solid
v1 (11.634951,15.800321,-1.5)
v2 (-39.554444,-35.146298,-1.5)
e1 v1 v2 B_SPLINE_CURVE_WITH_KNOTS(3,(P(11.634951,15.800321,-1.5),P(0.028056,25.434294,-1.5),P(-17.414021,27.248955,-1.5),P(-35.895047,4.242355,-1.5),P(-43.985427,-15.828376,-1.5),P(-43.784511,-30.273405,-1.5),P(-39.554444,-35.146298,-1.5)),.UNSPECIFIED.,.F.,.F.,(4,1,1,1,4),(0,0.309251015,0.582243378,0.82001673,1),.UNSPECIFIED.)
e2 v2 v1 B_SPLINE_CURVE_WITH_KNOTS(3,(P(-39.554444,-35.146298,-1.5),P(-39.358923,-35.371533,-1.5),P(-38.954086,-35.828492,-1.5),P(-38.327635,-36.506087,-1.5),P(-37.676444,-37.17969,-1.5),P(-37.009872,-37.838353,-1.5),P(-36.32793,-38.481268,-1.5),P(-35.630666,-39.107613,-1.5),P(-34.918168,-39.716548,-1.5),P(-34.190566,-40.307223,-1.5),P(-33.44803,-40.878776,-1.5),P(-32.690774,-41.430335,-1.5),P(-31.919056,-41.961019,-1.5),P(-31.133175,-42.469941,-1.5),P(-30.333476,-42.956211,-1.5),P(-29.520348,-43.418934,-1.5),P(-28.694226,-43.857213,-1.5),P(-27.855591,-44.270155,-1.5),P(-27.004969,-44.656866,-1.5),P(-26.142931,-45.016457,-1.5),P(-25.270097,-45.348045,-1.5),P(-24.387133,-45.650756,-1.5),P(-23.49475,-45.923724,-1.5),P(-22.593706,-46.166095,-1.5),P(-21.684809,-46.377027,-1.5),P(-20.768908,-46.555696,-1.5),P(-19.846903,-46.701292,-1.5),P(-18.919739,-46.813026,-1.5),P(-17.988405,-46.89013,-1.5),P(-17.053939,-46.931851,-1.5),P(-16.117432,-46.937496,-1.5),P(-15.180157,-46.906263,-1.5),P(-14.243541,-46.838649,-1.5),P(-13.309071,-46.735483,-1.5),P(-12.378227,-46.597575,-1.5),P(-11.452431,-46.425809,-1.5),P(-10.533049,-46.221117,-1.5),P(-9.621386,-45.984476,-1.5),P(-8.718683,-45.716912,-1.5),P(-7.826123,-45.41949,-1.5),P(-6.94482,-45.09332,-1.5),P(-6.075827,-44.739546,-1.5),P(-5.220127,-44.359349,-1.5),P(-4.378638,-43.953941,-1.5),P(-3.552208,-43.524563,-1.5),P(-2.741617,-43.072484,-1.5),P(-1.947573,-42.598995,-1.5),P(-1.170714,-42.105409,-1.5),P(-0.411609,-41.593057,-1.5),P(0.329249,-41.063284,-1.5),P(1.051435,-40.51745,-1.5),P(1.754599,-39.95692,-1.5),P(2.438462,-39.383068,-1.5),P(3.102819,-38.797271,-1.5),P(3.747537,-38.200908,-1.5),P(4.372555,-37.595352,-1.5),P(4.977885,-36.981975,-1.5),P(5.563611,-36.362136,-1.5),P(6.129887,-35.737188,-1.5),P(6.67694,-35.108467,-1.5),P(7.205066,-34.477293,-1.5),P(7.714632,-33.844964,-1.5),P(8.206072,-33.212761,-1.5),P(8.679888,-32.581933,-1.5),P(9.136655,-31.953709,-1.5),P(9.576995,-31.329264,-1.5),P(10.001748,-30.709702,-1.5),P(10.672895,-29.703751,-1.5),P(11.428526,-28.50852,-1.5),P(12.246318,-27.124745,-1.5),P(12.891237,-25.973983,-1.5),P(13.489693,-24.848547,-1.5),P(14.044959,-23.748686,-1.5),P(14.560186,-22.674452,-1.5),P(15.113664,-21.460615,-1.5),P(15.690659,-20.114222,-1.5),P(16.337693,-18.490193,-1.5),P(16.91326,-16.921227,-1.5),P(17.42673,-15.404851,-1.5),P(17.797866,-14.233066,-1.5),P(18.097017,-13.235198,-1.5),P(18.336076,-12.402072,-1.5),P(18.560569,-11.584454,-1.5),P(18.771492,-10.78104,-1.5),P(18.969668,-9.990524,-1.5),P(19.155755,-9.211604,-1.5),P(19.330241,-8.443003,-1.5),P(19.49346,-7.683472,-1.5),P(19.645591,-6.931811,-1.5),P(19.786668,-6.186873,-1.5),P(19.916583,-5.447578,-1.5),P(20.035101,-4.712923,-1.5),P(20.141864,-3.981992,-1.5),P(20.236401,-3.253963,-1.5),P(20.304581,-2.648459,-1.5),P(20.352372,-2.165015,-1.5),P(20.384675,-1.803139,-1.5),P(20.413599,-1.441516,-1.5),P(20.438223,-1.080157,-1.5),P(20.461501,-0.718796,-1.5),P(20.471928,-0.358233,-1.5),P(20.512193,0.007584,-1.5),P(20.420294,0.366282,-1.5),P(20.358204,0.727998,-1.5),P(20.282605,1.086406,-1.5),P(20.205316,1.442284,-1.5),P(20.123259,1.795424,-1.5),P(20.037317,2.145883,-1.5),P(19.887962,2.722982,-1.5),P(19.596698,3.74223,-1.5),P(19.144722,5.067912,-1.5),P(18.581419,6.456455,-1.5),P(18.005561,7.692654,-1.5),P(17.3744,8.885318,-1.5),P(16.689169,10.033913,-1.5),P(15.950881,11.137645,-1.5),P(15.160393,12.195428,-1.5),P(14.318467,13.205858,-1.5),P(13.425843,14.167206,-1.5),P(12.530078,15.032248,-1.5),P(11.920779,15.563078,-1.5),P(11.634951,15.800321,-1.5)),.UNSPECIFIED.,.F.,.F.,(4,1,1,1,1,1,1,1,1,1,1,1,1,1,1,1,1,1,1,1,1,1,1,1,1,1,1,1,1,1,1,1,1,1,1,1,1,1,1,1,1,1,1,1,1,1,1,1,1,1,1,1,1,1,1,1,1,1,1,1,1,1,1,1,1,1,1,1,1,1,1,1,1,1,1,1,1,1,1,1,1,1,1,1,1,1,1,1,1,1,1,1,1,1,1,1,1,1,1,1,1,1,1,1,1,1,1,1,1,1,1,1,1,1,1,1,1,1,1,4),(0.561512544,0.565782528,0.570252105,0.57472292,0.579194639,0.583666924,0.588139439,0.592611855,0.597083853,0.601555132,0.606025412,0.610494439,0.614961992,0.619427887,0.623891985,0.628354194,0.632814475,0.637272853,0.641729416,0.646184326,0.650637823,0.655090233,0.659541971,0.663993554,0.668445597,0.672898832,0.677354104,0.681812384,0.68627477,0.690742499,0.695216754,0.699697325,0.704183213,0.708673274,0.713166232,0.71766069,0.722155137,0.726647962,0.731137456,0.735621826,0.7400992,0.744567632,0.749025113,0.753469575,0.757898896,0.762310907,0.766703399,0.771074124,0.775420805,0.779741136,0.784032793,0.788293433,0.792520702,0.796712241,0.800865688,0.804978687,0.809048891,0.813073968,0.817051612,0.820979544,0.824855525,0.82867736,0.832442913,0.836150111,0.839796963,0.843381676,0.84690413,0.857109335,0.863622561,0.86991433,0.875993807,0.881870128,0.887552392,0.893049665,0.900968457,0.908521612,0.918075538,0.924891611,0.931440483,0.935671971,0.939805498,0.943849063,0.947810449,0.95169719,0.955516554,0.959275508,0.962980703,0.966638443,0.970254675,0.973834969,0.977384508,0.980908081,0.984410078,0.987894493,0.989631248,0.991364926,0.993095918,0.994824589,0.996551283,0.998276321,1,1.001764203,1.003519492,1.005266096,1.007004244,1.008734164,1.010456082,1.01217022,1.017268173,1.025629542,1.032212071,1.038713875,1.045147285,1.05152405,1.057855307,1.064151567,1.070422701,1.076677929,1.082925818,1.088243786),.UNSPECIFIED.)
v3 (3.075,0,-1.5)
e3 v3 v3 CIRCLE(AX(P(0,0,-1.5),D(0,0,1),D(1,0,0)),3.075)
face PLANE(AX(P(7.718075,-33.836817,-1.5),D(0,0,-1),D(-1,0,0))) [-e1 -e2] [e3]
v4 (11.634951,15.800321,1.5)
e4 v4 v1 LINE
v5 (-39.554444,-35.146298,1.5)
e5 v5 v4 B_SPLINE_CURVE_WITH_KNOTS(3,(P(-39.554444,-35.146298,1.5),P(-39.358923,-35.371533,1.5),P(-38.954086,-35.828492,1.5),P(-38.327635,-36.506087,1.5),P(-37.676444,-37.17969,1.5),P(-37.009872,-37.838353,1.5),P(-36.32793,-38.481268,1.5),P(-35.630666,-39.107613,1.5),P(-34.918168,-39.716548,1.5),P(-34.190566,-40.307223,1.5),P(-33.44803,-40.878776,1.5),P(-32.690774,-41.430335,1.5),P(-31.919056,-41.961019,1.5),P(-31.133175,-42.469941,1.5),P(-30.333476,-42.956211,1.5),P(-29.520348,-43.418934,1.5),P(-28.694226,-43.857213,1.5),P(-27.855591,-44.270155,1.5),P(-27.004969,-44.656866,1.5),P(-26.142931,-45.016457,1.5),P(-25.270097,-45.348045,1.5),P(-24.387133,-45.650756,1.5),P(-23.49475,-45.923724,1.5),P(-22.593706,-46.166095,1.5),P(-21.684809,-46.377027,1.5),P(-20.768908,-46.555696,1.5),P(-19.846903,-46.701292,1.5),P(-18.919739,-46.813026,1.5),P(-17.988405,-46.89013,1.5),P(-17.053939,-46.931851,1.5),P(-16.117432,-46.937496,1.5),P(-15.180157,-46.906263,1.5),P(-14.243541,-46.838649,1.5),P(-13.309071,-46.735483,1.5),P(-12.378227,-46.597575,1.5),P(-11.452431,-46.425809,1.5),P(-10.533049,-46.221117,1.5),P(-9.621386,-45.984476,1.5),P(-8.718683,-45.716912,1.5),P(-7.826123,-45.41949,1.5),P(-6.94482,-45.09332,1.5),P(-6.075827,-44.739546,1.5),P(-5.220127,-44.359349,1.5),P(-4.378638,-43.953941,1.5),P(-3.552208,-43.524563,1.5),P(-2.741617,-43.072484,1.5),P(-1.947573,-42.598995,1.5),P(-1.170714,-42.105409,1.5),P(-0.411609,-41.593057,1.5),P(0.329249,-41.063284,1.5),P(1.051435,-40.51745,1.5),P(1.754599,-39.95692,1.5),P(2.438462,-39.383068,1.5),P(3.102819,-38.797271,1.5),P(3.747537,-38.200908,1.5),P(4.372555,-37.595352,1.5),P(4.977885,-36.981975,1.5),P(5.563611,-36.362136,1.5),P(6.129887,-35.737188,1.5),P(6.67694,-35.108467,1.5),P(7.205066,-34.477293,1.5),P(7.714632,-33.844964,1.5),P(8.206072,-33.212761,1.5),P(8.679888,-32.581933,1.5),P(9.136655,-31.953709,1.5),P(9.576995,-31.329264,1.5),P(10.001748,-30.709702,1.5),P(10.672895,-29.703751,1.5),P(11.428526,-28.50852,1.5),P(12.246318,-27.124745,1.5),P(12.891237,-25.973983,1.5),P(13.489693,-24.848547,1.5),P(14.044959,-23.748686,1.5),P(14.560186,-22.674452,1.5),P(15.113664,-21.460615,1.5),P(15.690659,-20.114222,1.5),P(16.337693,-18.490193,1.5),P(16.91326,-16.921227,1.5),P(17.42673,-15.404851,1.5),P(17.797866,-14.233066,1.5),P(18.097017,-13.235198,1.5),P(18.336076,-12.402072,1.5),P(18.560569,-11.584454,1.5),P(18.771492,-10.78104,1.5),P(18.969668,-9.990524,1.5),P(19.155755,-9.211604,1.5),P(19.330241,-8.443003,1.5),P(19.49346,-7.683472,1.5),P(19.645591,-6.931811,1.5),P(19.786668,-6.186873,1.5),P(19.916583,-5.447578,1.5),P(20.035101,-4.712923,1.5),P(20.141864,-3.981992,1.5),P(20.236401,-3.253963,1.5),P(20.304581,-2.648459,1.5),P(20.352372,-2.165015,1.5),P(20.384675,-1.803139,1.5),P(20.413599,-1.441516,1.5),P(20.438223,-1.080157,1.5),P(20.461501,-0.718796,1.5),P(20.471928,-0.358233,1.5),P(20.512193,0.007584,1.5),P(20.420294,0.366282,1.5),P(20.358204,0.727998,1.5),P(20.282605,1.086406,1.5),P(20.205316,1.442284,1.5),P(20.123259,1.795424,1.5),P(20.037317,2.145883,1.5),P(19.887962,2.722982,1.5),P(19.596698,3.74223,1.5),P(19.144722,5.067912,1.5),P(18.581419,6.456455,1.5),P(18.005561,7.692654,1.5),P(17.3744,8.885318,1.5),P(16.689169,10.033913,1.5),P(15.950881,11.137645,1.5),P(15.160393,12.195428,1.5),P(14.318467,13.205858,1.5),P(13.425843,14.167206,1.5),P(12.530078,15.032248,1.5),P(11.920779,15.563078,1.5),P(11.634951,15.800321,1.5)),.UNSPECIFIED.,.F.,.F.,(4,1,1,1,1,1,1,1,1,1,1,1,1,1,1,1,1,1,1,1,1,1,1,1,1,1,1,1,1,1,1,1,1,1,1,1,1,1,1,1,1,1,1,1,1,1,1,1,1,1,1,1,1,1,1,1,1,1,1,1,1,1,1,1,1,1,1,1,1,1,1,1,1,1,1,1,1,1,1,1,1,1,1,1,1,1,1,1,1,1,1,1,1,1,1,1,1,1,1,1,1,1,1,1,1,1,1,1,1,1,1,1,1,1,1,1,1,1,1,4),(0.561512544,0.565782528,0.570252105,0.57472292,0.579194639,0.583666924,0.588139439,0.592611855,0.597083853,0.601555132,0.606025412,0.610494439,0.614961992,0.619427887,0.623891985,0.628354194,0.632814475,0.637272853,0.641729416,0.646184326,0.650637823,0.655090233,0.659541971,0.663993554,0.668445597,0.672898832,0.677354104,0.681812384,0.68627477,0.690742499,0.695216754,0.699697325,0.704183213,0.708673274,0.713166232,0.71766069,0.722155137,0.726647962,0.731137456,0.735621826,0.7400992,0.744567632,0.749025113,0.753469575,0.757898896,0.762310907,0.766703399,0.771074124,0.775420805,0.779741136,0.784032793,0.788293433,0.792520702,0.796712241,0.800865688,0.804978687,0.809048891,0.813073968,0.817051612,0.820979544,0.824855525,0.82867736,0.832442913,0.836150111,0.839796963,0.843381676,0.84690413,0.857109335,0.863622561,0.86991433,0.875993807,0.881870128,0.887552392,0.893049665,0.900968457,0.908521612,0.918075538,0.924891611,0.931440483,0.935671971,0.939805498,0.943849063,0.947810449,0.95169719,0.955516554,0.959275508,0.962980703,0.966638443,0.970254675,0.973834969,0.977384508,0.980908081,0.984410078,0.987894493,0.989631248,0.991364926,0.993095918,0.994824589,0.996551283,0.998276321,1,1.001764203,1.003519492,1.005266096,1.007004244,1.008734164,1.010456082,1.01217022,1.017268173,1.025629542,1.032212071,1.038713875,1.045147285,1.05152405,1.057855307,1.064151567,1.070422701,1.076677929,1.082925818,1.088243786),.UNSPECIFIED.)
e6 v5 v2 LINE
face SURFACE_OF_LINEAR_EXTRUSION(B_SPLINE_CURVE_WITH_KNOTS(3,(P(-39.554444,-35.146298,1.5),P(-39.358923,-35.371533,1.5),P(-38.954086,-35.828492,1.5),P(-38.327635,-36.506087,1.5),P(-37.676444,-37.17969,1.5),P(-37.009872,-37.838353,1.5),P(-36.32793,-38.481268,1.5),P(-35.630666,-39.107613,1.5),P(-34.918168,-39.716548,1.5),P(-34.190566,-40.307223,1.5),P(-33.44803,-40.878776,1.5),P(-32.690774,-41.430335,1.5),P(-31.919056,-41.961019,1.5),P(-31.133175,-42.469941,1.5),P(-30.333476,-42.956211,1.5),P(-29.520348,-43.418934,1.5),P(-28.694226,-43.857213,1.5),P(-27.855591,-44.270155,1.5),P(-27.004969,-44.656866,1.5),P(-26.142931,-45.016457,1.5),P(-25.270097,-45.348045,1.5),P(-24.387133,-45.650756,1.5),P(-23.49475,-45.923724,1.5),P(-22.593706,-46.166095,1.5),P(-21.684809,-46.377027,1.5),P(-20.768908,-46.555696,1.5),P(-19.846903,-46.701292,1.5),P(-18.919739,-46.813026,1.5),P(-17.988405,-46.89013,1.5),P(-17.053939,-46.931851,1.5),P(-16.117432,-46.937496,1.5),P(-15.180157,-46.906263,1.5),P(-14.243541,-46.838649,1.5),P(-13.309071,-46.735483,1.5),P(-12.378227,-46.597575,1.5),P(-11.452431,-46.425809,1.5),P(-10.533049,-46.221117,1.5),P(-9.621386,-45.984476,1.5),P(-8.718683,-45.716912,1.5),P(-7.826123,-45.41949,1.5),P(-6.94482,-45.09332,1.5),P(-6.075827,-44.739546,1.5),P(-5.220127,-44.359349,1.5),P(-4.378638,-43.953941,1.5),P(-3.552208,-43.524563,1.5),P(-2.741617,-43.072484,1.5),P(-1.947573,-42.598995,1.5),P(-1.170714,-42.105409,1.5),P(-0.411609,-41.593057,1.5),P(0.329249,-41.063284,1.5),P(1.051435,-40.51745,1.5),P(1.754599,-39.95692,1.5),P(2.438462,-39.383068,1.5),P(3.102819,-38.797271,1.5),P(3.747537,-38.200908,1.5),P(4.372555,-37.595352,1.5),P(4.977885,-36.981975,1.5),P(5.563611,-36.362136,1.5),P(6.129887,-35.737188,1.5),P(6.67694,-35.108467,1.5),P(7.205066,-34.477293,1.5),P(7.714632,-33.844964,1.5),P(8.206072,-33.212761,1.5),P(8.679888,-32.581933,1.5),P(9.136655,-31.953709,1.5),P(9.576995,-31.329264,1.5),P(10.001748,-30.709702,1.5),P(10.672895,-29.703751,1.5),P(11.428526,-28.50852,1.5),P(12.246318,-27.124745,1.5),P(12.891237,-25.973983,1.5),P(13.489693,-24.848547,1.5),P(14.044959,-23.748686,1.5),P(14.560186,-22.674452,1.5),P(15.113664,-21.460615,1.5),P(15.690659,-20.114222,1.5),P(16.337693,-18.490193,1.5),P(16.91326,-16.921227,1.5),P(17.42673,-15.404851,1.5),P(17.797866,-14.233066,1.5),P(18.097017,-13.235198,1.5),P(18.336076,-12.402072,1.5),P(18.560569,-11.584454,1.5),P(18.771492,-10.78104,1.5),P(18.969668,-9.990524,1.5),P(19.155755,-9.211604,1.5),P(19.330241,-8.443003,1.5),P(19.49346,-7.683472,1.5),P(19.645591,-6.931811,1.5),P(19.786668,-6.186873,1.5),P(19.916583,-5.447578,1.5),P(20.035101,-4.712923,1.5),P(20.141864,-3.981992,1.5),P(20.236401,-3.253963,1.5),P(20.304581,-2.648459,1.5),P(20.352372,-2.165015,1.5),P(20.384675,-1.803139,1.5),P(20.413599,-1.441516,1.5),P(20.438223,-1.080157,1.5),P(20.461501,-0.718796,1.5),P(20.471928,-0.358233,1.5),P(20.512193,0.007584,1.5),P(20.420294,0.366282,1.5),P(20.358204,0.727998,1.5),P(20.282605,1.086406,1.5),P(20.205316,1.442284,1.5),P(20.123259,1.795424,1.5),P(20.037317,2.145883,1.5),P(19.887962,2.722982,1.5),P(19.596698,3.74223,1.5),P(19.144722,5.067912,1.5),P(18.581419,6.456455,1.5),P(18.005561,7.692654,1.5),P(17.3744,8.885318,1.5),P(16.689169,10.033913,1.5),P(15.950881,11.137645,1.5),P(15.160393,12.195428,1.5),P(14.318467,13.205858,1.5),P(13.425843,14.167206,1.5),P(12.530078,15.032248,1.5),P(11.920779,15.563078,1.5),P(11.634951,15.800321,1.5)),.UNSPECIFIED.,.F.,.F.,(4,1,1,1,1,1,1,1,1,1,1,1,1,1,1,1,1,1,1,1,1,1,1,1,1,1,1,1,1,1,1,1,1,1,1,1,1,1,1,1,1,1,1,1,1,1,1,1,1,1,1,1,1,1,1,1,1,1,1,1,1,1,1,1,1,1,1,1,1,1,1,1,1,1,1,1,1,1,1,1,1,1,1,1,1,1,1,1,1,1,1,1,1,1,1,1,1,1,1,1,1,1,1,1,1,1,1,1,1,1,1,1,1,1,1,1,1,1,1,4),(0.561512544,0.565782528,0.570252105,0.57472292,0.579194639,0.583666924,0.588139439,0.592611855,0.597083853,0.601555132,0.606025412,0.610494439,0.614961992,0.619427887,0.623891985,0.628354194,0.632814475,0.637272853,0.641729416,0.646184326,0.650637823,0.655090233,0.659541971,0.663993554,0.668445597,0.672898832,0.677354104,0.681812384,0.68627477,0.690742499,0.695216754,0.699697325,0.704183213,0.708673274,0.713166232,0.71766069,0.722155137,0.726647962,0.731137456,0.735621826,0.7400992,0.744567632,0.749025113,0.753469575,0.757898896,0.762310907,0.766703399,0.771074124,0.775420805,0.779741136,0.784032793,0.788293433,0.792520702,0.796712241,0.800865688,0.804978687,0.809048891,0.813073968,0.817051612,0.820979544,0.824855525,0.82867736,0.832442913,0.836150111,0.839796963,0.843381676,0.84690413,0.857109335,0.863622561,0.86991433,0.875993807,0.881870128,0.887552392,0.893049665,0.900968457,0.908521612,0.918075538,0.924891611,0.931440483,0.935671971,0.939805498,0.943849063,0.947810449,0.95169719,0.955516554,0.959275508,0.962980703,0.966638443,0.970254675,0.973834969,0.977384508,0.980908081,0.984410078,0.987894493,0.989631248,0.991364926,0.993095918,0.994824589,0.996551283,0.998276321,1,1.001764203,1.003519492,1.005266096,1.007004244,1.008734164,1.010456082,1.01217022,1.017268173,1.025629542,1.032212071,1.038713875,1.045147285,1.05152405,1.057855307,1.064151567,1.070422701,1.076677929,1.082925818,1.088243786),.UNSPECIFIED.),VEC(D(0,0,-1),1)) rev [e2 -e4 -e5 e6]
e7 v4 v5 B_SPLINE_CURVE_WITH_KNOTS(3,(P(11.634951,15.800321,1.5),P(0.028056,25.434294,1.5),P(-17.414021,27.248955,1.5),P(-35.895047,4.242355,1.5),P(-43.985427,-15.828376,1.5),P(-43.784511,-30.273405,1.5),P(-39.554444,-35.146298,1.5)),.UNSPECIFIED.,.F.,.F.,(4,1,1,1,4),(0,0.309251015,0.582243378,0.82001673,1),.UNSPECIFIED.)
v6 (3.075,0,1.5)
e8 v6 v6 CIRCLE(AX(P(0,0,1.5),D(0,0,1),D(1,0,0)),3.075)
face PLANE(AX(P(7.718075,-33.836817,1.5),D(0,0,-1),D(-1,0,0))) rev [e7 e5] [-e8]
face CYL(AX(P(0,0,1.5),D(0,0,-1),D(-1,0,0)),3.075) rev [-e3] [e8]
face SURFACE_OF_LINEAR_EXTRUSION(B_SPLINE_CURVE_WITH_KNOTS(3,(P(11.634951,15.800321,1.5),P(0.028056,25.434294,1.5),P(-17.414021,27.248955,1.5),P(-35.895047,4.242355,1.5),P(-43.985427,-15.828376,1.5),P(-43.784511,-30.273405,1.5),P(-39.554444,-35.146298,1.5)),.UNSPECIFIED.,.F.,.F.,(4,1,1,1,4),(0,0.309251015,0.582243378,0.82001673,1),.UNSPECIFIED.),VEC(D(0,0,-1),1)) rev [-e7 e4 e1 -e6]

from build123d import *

# Parameters (mm, degrees)
SKETCH1_R           = 3.075
BOSS_EXTRUDE1_DEPTH = 1.5


with BuildPart() as part:
    # Sketch1 → Boss-Extrude1 (new body, symmetric)
    with BuildSketch(Plane.XY):
        with BuildLine():
            add(Edge.make_bspline(
                [(11.634950811, 15.800321449), (0.028055904, 25.434294376), (-17.414020712, 27.248955021), (-35.895046658, 4.24235475), (-43.985427464, -15.828375506), (-43.784510858, -30.273405058), (-39.554444487, -35.146298118)],
                knots=[0, 0, 0, 0, 0.309251015, 0.582243378, 0.82001673, 1, 1, 1, 1], degree=3))
            add(Edge.make_bspline(
                [(-39.554444487, -35.146298118), (-39.358922613, -35.371532689), (-38.954086034, -35.828491757), (-38.327635377, -36.506087428), (-37.676443606, -37.179690264), (-37.009872208, -37.838353001), (-36.327930242, -38.48126825), (-35.63066602, -39.107612546), (-34.918167988, -39.716547883), (-34.190565543, -40.307223272), (-33.448029808, -40.878776337), (-32.69077435, -41.430334943), (-31.919055845, -41.961018846), (-31.133174691, -42.469941367), (-30.333475559, -42.956211101), (-29.520347896, -43.418933639), (-28.694226366, -43.857213315), (-27.855591239, -44.270154972), (-27.004968714, -44.656865748), (-26.142931193, -45.016456876), (-25.270097493, -45.348045498), (-24.387132993, -45.650756494), (-23.494749731, -45.923724325), (-22.593706438, -46.166094878), (-21.684808505, -46.377027339), (-20.768907906, -46.555695997), (-19.846903022, -46.701292365), (-18.919738523, -46.813026108), (-17.988404773, -46.890130465), (-17.053938685, -46.931850896), (-16.117432397, -46.937496322), (-15.180157109, -46.906262664), (-14.243541344, -46.838649178), (-13.309071096, -46.735482538), (-12.378226911, -46.597574573), (-11.452431472, -46.425809499), (-10.533049478, -46.221116988), (-9.621385604, -45.98447621), (-8.718683135, -45.716911513), (-7.826122528, -45.419490281), (-6.944820113, -45.093320168), (-6.075826863, -44.739546437), (-5.220127265, -44.359349237), (-4.378638282, -43.953940845), (-3.55220841, -43.524562882), (-2.741616825, -43.072483508), (-1.94757263, -42.59899458), (-1.170714201, -42.105408801), (-0.41160862, -41.593056844), (0.329248782, -41.063284469), (1.051434793, -40.517449617), (1.754598588, -39.956919504), (2.438461896, -39.383067709), (3.102819072, -38.797271252), (3.747537066, -38.200907678), (4.3725553, -37.595352143), (4.977885444, -36.981974506), (5.56361109, -36.362136423), (6.129887339, -35.737188467), (6.67694027, -35.10846724), (7.205066378, -34.477292547), (7.714631687, -33.844964441), (8.206071606, -33.212760844), (8.679887632, -32.581933137), (9.136655133, -31.953709323), (9.57699457, -31.329263633), (10.001748031, -30.709702111), (10.672895353, -29.703750915), (11.428525518, -28.508519974), (12.246317889, -27.124744933), (12.891237389, -25.973983265), (13.489692778, -24.84854664), (14.044959248, -23.748686352), (14.560186323, -22.674451737), (15.113664214, -21.460614522), (15.690659132, -20.114221695), (16.337692502, -18.490193148), (16.913259904, -16.921226819), (17.426730101, -15.404851168), (17.797865963, -14.233065689), (18.097016774, -13.23519842), (18.336075796, -12.402072423), (18.560568704, -11.584453827), (18.771491613, -10.781040119), (18.969668489, -9.990523568), (19.15575465, -9.211604238), (19.33024123, -8.443002714), (19.493460418, -7.683472363), (19.64559148, -6.93181113), (19.786667504, -6.186872813), (19.91658284, -5.447577787), (20.03510119, -4.712923134), (20.141864281, -3.981992149), (20.236400807, -3.253963203), (20.304581333, -2.648458676), (20.352371994, -2.165015202), (20.384674543, -1.803139053), (20.413598625, -1.441516308), (20.438222822, -1.080157274), (20.461501026, -0.718796446), (20.47192834, -0.358233383), (20.512193391, 0.007583611), (20.420294325, 0.366282304), (20.358204341, 0.727998489), (20.282605136, 1.086406254), (20.205316122, 1.442283779), (20.123259308, 1.795424153), (20.037316797, 2.14588286), (19.887962015, 2.722982176), (19.59669815, 3.742230413), (19.144722314, 5.067911953), (18.581419243, 6.456455163), (18.005560921, 7.69265439), (17.374399513, 8.885317521), (16.689168578, 10.033912511), (15.950881261, 11.137645383), (15.160392762, 12.195428176), (14.318466864, 13.205858223), (13.425843473, 14.16720628), (12.530077513, 15.032247758), (11.920778524, 15.563078287), (11.634950811, 15.800321449)],
                knots=[0.561512544, 0.561512544, 0.561512544, 0.561512544, 0.565782528, 0.570252105, 0.57472292, 0.579194639, 0.583666924, 0.588139439, 0.592611855, 0.597083853, 0.601555132, 0.606025412, 0.610494439, 0.614961992, 0.619427887, 0.623891985, 0.628354194, 0.632814475, 0.637272853, 0.641729416, 0.646184326, 0.650637823, 0.655090233, 0.659541971, 0.663993554, 0.668445597, 0.672898832, 0.677354104, 0.681812384, 0.68627477, 0.690742499, 0.695216754, 0.699697325, 0.704183213, 0.708673274, 0.713166232, 0.71766069, 0.722155137, 0.726647962, 0.731137456, 0.735621826, 0.7400992, 0.744567632, 0.749025113, 0.753469575, 0.757898896, 0.762310907, 0.766703399, 0.771074124, 0.775420805, 0.779741136, 0.784032793, 0.788293433, 0.792520702, 0.796712241, 0.800865688, 0.804978687, 0.809048891, 0.813073968, 0.817051612, 0.820979544, 0.824855525, 0.82867736, 0.832442913, 0.836150111, 0.839796963, 0.843381676, 0.84690413, 0.857109335, 0.863622561, 0.86991433, 0.875993807, 0.881870128, 0.887552392, 0.893049665, 0.900968457, 0.908521612, 0.918075538, 0.924891611, 0.931440483, 0.935671971, 0.939805498, 0.943849063, 0.947810449, 0.95169719, 0.955516554, 0.959275508, 0.962980703, 0.966638443, 0.970254675, 0.973834969, 0.977384508, 0.980908081, 0.984410078, 0.987894493, 0.989631248, 0.991364926, 0.993095918, 0.994824589, 0.996551283, 0.998276321, 1, 1.001764203, 1.003519492, 1.005266096, 1.007004244, 1.008734164, 1.010456082, 1.01217022, 1.017268173, 1.025629542, 1.032212071, 1.038713875, 1.045147285, 1.05152405, 1.057855307, 1.064151567, 1.070422701, 1.076677929, 1.082925818, 1.088243786, 1.088243786, 1.088243786, 1.088243786], degree=3))
        make_face()
        Circle(SKETCH1_R, mode=Mode.SUBTRACT)
    extrude(amount=BOSS_EXTRUDE1_DEPTH, both=True)


solid = part.part
